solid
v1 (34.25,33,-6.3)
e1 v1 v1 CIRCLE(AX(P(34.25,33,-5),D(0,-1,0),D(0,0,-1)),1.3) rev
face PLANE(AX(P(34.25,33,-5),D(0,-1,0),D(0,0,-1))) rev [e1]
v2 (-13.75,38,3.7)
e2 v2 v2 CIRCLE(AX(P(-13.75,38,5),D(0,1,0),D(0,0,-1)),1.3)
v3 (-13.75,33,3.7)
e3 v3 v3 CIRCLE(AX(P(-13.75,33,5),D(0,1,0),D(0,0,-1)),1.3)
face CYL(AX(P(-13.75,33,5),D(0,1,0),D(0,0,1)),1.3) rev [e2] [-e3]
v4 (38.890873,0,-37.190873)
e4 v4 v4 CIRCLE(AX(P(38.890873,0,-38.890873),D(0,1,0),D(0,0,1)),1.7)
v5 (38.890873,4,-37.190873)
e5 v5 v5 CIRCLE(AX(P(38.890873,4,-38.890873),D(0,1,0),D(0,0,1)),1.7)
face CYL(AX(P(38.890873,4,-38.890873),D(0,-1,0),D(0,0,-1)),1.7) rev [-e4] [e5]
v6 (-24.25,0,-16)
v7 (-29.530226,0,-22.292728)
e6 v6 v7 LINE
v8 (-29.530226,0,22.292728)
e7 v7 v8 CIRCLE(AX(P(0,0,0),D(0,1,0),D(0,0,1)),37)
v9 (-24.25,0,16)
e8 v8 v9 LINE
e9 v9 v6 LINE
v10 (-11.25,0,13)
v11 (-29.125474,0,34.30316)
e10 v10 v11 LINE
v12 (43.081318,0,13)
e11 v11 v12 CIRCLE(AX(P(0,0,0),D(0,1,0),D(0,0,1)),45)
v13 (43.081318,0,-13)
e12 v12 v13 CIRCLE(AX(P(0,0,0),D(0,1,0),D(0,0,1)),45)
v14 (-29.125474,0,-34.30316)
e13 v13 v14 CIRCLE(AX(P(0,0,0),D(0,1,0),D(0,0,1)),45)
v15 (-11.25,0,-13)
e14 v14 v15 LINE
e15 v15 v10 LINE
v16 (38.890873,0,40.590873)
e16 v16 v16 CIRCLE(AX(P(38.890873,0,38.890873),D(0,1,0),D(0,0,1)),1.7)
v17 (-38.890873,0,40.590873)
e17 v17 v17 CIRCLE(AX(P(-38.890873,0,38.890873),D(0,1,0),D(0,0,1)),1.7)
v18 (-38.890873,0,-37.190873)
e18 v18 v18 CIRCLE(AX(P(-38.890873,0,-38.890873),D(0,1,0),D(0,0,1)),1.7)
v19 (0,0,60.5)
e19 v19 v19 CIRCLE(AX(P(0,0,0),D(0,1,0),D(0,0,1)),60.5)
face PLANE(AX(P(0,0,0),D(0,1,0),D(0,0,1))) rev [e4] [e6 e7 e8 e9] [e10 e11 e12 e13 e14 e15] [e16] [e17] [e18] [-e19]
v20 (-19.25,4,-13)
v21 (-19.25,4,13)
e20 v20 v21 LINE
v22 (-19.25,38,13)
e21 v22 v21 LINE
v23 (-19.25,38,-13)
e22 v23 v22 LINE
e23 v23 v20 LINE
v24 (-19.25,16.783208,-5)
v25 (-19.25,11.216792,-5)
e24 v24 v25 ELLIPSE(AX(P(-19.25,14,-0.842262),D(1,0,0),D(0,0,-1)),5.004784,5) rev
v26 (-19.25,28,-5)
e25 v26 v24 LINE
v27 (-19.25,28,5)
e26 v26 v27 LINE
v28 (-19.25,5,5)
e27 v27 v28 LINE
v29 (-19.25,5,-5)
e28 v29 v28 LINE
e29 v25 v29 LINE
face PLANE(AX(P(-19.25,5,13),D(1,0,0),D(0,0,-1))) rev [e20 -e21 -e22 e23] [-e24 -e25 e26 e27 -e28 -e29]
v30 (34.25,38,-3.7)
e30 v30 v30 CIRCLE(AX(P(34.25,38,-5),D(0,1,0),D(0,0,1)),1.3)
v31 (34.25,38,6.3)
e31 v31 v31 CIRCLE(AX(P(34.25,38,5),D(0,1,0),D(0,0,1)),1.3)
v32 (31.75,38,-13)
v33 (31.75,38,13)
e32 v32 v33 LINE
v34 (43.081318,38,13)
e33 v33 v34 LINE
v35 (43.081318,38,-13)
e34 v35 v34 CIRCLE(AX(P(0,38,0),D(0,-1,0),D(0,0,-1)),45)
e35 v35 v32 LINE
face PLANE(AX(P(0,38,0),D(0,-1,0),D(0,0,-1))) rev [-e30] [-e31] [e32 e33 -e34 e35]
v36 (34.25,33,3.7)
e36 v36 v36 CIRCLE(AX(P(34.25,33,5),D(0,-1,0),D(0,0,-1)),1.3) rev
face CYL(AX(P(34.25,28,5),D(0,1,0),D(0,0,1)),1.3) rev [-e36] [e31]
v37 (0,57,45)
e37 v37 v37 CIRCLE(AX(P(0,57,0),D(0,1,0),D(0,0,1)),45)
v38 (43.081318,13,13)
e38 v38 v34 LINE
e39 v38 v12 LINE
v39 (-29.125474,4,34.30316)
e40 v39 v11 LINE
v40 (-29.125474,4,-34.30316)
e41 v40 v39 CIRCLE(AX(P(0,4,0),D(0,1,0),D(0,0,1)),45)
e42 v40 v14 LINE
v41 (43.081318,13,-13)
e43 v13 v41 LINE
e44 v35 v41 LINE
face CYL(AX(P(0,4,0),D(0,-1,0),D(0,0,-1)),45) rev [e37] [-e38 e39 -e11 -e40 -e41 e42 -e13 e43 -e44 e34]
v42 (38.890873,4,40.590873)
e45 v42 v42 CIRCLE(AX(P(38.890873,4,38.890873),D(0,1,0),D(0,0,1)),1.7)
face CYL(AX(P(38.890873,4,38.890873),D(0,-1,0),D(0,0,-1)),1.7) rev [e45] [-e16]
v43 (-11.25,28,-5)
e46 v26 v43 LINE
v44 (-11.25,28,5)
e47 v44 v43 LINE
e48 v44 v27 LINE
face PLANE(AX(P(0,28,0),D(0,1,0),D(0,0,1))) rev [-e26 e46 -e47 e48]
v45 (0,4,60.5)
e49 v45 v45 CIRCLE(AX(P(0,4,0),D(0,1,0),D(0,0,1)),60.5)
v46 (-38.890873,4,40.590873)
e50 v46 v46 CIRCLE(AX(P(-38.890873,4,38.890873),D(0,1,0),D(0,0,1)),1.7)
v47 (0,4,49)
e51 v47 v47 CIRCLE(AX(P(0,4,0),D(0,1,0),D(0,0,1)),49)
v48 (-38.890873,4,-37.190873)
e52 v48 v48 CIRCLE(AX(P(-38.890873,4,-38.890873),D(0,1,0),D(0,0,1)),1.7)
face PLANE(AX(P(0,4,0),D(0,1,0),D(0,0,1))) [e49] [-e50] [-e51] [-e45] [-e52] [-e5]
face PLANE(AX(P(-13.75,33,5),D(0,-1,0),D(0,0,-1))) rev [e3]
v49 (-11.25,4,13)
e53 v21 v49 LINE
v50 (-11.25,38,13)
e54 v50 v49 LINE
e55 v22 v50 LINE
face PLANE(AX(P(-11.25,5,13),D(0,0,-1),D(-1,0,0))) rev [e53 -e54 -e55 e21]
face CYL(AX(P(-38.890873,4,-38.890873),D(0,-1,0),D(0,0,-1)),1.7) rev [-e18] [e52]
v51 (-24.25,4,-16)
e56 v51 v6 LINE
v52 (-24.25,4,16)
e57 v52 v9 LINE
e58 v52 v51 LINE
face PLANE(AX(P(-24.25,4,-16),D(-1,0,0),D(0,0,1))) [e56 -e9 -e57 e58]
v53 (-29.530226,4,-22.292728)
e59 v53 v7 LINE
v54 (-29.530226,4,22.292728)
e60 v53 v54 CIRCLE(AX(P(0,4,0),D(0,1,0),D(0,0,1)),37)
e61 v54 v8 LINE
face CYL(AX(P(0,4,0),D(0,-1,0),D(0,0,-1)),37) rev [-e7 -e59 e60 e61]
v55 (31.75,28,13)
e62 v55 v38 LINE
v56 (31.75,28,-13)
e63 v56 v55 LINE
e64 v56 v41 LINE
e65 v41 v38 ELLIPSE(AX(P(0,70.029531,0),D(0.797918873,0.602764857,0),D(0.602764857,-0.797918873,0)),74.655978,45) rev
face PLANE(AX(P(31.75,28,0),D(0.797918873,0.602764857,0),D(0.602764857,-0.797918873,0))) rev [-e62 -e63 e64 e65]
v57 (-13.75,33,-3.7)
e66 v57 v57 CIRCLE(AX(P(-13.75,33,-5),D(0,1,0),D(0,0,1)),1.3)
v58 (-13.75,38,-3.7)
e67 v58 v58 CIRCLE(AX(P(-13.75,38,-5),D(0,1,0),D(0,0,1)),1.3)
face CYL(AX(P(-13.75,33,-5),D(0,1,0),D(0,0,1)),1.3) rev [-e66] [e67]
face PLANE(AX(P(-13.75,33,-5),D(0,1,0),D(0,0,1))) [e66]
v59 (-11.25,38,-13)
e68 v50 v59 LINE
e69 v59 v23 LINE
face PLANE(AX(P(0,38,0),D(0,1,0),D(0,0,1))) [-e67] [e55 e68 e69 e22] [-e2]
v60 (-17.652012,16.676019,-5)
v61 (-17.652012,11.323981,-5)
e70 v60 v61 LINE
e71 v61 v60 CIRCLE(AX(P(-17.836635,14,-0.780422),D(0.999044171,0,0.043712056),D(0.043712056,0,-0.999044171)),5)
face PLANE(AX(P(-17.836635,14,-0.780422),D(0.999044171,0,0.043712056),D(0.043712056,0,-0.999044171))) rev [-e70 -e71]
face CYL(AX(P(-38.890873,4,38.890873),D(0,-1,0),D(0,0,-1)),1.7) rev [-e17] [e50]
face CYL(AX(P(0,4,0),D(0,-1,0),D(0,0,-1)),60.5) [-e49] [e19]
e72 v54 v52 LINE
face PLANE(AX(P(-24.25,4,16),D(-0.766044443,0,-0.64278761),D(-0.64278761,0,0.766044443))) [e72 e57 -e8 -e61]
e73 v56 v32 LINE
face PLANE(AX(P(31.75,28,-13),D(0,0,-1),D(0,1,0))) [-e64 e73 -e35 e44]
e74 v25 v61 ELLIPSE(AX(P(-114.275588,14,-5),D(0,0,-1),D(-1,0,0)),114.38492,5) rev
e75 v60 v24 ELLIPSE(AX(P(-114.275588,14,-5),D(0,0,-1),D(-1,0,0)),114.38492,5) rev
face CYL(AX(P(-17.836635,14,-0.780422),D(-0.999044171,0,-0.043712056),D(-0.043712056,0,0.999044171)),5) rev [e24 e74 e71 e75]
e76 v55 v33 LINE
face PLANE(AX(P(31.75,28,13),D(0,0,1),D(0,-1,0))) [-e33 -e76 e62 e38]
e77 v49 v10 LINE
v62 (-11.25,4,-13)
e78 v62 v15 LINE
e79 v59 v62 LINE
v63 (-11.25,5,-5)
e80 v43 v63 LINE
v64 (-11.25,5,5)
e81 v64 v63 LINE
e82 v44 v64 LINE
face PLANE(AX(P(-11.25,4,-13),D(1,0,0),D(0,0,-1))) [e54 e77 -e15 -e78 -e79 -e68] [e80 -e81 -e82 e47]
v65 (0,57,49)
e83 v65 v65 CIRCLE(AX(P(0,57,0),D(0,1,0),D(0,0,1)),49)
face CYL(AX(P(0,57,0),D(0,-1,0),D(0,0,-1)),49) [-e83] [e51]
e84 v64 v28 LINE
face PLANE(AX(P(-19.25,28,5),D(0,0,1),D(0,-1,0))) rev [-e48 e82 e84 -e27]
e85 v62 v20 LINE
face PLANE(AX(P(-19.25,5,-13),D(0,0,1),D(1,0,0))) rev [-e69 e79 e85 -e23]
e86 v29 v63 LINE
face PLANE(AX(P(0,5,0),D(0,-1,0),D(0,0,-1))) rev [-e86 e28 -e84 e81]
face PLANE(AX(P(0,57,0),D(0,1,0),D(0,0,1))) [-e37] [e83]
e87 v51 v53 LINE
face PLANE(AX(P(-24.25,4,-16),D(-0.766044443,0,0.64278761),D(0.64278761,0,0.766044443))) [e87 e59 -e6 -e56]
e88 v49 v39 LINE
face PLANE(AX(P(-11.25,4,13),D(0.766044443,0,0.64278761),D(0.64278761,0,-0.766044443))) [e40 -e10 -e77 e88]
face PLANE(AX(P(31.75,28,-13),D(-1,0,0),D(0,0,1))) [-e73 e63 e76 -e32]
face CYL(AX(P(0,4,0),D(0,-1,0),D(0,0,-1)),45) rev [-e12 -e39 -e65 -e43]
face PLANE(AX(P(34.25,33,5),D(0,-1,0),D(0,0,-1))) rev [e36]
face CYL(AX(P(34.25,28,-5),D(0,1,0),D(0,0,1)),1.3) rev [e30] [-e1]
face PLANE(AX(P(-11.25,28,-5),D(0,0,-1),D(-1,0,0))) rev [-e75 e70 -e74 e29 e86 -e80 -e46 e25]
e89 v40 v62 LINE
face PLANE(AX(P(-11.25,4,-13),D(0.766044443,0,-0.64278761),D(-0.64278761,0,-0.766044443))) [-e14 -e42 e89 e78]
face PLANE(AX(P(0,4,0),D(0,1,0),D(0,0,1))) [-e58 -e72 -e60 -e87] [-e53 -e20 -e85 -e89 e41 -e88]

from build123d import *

# Parameters (mm, degrees)
SKETCH1_R           = 60.5
SKETCH1_R_2         = 1.7
BOSS_EXTRUDE1_DEPTH = 4
SKETCH2_R           = 49
SKETCH2_R_2         = 45
BOSS_EXTRUDE2_DEPTH = 53
SKETCH3_W           = 8
SKETCH3_H           = 26
BOSS_EXTRUDE3_DEPTH = 1
SKETCH4_W           = 8
SKETCH4_H           = 8
BOSS_EXTRUDE4_DEPTH = 23
SKETCH5_W           = 8
SKETCH5_H           = 26
BOSS_EXTRUDE5_DEPTH = 10
SKETCH6_R           = 1.3
CUT_EXTRUDE1_DEPTH  = 5
BOSS_EXTRUDE6_START = -10
SKETCH7_R           = 1.3
BOSS_EXTRUDE6_DEPTH = 10
SKETCH12_R          = 1.3
BOSS_EXTRUDE8_DEPTH = 5
RIB4_REACH          = 104.808
SKETCH17_WALL_W     = 226.415050864
SKETCH17_WALL_H     = 26
SKETCH18_R          = 5
CUT_EXTRUDE3_DEPTH  = 21


with BuildPart() as part:
    # Sketch1 → Boss-Extrude1 (new body)
    with BuildSketch(Plane(origin=(0, 0, 0), x_dir=(-1, 0, 0), z_dir=(0, 1, 0))):
        Circle(SKETCH1_R)
        with Locations((38.890872965, 38.890872965)):
            Circle(SKETCH1_R_2, mode=Mode.SUBTRACT)
        with Locations((38.890872965, -38.890872965)):
            Circle(SKETCH1_R_2, mode=Mode.SUBTRACT)
        with Locations((-38.890872965, -38.890872965)):
            Circle(SKETCH1_R_2, mode=Mode.SUBTRACT)
        with Locations((-38.890872965, 38.890872965)):
            Circle(SKETCH1_R_2, mode=Mode.SUBTRACT)
        with BuildLine():
            Line((11.25, -13), (11.25, 13))
            Line((11.25, 13), (29.125473669, 34.303159964))
            ThreePointArc((29.125473669, 34.303159964), (-45, 0), (29.125473669, -34.303159964))
            Line((29.125473669, -34.303159964), (11.25, -13))
        make_face(mode=Mode.SUBTRACT)
        with BuildLine():
            Line((24.25, -16), (24.25, 16))
            Line((24.25, 16), (29.530226152, 22.292728487))
            ThreePointArc((29.530226152, 22.292728487), (37, 0), (29.530226152, -22.292728487))
            Line((29.530226152, -22.292728487), (24.25, -16))
        make_face(mode=Mode.SUBTRACT)
    extrude(amount=BOSS_EXTRUDE1_DEPTH)

    # Sketch2 → Boss-Extrude2 (add)
    with BuildSketch(Plane(origin=(0, 4, 0), x_dir=(1, 0, 0), z_dir=(0, 1, 0))):
        Circle(SKETCH2_R)
        Circle(SKETCH2_R_2, mode=Mode.SUBTRACT)
    extrude(amount=BOSS_EXTRUDE2_DEPTH)

    # Sketch3 → Boss-Extrude3 (add)
    with BuildSketch(Plane(origin=(0, 4, 0), x_dir=(1, 0, 0), z_dir=(0, 1, 0))):
        with Locations((-15.25, 0)):
            Rectangle(SKETCH3_W, SKETCH3_H)
    extrude(amount=BOSS_EXTRUDE3_DEPTH)

    # Sketch4 → Boss-Extrude4 (add)
    with BuildSketch(Plane(origin=(0, 5, 0), x_dir=(1, 0, 0), z_dir=(0, 1, 0))):
        with Locations((-15.25, 9)):
            Rectangle(SKETCH4_W, SKETCH4_H)
        with Locations((-15.25, -9)):
            Rectangle(SKETCH4_W, SKETCH4_H)
    extrude(amount=BOSS_EXTRUDE4_DEPTH)

    # Sketch5 → Boss-Extrude5 (add)
    with BuildSketch(Plane(origin=(0, 28, 0), x_dir=(1, 0, 0), z_dir=(0, 1, 0))):
        with Locations((-15.25, 0)):
            Rectangle(SKETCH5_W, SKETCH5_H)
    extrude(amount=BOSS_EXTRUDE5_DEPTH)

    # Sketch6 → Cut-Extrude1 (cut)
    with BuildSketch(Plane(origin=(0, 38, 0), x_dir=(1, 0, 0), z_dir=(0, 1, 0))):
        with Locations((-13.75, 5)):
            Circle(SKETCH6_R)
        with Locations((-13.75, -5)):
            Circle(SKETCH6_R)
    extrude(amount=-CUT_EXTRUDE1_DEPTH, mode=Mode.SUBTRACT)

    # Sketch7 → Boss-Extrude6 (add)
    with BuildSketch(Plane(origin=(0, 38, 0), x_dir=(1, 0, 0), z_dir=(0, 1, 0)).offset(BOSS_EXTRUDE6_START)):
        with BuildLine():
            Line((31.75, 13), (31.75, -13))
            Line((31.75, -13), (47.244047244, -13))
            ThreePointArc((47.244047244, -13), (49, 0), (47.244047244, 13))
            Line((47.244047244, 13), (31.75, 13))
        make_face()
        with Locations((34.25, 5)):
            Circle(SKETCH7_R, mode=Mode.SUBTRACT)
        with Locations((34.25, -5)):
            Circle(SKETCH7_R, mode=Mode.SUBTRACT)
    extrude(amount=BOSS_EXTRUDE6_DEPTH)

    # Sketch12 → Boss-Extrude8 (add)
    with BuildSketch(Plane(origin=(0, 28, 0), x_dir=(-1, 0, 0), z_dir=(0, -1, 0))):
        with Locations((-34.25, 5)):
            Circle(SKETCH12_R)
        with Locations((-34.25, -5)):
            Circle(SKETCH12_R)
    extrude(amount=-BOSS_EXTRUDE8_DEPTH)

    # Sketch17 wall → Rib4 (add, up to next)
    with BuildSketch(Plane(origin=(37.415659229, 20.5, 0), x_dir=(0.602764856689, -0.797918872781, 0), z_dir=(-0.797918872781, -0.602764856689, 0)), mode=Mode.PRIVATE) as rib4_sk1:
        Rectangle(SKETCH17_WALL_W, SKETCH17_WALL_H)
    rib4_tool1 = extrude(rib4_sk1.sketch, amount=-RIB4_REACH, mode=Mode.PRIVATE) - part.part
    add(rib4_tool1.solids().sort_by_distance((37.415659229, 20.5, 0))[0])

    # Sketch18 → Cut-Extrude3 (cut)
    with BuildSketch(Plane(origin=(-38.816562471, 0, -1.698375091), x_dir=(0, 1, 0), z_dir=(0.999044171294917, 0, 0.043712055564257474))):
        with Locations((14, 0)):
            Circle(SKETCH18_R)
    extrude(amount=CUT_EXTRUDE3_DEPTH, mode=Mode.SUBTRACT)


solid = part.part
